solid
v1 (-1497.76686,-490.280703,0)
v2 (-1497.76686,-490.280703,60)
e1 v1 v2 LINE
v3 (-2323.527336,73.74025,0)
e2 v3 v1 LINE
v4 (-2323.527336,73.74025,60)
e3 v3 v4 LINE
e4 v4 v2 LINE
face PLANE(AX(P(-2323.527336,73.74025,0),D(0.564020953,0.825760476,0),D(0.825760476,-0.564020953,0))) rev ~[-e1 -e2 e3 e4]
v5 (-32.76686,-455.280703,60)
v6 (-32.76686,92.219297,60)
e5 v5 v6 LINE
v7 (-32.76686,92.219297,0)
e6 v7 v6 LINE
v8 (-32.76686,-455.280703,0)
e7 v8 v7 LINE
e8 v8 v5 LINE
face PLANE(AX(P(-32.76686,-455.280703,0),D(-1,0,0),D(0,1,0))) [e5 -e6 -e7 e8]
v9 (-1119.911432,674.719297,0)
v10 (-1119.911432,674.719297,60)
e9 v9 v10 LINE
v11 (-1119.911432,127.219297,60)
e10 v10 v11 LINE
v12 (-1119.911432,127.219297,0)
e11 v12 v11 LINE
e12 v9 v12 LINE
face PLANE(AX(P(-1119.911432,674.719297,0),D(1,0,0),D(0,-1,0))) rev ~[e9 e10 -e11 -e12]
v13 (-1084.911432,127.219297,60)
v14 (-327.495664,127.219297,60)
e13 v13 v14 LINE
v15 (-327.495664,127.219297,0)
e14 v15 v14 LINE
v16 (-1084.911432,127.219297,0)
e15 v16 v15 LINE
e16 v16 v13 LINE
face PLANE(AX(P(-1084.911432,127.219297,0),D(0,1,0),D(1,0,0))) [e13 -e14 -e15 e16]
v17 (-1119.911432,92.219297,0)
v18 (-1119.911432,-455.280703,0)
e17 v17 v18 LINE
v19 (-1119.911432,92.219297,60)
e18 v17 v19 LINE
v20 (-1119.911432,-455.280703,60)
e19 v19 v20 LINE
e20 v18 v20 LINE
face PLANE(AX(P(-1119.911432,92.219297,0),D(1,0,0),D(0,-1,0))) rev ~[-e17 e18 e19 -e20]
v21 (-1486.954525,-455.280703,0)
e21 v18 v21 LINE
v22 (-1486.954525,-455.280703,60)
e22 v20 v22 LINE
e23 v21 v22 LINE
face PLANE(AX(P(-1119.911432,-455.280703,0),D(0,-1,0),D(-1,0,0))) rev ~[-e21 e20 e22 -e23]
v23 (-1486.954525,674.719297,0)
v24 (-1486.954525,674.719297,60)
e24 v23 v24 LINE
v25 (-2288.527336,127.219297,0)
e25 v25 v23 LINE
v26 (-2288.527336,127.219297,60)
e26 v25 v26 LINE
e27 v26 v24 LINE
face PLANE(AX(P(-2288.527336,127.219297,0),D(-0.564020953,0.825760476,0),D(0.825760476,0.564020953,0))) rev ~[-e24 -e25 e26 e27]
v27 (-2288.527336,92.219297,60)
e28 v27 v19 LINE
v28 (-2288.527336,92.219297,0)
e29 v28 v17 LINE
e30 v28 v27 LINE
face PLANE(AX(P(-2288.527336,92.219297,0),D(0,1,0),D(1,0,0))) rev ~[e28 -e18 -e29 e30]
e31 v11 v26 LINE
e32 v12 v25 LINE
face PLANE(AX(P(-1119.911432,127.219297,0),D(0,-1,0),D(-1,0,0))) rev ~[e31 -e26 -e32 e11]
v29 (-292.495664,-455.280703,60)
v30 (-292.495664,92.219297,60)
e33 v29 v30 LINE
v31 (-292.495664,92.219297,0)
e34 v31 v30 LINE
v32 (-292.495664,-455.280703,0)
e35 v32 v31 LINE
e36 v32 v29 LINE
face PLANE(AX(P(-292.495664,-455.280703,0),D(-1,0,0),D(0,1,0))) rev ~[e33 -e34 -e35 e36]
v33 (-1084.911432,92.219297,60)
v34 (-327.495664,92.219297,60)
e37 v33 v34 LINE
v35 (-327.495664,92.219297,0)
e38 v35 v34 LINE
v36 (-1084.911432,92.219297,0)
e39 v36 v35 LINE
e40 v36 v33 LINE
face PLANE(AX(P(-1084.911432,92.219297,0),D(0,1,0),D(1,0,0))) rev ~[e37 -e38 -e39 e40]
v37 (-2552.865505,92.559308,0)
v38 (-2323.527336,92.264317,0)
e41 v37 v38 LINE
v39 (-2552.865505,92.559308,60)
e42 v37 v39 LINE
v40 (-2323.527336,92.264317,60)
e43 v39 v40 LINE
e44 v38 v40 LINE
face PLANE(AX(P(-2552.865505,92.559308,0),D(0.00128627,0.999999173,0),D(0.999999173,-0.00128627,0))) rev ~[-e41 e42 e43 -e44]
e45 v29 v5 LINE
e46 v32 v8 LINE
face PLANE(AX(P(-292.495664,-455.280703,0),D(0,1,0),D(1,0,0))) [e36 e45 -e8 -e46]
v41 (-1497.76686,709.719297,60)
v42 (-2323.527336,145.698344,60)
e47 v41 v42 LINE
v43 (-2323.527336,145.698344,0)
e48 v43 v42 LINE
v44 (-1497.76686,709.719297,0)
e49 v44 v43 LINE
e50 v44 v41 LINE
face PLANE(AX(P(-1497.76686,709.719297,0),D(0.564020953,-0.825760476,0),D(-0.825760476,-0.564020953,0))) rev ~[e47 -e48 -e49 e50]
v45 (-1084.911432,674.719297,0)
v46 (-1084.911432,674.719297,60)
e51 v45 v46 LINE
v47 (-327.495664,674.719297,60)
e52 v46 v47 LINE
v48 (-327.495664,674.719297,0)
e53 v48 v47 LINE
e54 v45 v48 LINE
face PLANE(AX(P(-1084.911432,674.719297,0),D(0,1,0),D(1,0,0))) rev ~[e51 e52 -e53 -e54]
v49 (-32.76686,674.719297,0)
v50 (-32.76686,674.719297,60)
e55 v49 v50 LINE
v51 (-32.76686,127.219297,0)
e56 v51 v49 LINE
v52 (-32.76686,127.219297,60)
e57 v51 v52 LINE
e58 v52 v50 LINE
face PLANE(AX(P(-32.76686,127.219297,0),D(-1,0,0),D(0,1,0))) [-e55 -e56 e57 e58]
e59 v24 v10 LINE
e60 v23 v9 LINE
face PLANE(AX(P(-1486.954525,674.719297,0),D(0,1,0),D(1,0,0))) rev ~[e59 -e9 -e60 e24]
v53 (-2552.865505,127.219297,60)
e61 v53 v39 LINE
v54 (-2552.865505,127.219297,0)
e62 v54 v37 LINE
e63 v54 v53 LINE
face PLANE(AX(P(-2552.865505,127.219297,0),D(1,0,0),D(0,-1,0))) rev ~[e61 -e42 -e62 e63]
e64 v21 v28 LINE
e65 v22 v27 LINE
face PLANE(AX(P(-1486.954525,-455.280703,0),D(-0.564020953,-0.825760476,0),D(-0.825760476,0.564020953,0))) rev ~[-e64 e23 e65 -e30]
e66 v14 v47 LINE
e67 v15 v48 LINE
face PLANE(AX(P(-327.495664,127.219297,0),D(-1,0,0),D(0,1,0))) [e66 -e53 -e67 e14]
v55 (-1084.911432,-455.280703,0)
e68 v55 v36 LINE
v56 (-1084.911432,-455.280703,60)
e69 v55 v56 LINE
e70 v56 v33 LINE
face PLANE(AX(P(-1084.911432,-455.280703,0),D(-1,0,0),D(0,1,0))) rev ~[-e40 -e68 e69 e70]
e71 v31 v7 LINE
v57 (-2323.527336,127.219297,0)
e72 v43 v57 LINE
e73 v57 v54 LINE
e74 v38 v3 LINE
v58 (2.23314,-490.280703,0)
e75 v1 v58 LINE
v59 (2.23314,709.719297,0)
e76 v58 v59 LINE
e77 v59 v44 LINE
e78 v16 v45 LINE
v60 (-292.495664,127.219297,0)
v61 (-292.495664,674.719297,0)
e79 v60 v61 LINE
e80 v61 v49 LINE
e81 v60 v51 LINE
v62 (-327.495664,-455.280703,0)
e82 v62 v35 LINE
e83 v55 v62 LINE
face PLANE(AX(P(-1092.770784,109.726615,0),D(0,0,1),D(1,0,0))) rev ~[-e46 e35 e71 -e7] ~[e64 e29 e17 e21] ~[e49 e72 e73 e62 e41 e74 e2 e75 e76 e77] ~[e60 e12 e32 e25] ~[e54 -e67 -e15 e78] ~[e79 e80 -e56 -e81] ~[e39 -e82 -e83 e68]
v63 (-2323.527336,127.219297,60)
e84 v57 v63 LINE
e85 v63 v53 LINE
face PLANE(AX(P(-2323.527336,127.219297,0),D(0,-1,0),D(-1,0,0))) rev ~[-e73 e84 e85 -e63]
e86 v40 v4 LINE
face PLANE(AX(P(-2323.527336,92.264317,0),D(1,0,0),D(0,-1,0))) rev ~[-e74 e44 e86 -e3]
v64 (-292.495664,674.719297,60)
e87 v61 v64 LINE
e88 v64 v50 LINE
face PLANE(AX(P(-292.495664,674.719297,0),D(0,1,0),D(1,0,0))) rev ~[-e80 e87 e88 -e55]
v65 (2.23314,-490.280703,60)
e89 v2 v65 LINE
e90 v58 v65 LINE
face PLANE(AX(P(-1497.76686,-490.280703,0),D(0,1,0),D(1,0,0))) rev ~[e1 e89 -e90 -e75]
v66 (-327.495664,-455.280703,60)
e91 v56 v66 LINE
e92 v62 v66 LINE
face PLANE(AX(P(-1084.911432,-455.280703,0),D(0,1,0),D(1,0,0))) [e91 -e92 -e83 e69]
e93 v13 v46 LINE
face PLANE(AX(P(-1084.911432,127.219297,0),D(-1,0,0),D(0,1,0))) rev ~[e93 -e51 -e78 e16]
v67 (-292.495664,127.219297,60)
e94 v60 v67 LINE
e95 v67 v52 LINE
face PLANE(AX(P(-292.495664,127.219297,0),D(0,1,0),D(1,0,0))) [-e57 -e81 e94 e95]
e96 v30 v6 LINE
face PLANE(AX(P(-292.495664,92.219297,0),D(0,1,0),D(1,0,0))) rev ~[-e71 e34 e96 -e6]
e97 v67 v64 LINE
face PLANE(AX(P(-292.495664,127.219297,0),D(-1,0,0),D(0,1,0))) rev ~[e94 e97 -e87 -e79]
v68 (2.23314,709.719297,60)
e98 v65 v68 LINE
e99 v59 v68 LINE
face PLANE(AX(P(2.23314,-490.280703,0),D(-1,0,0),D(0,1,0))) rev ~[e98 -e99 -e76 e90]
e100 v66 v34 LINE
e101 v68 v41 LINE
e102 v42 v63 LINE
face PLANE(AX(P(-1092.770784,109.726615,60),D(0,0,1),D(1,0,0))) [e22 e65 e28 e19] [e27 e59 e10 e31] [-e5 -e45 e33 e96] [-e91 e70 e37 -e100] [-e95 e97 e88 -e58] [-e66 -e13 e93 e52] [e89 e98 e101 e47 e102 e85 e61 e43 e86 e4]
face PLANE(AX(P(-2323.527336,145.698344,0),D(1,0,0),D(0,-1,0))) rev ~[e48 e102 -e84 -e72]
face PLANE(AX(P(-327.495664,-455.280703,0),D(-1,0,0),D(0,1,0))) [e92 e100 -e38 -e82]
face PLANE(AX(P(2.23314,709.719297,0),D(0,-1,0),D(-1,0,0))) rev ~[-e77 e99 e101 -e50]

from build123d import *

# Parameters (mm, degrees)
F0_W     = 757.415768
F0_H     = 547.5
F0_W_2   = 259.728804
F1_DEPTH = 60


with BuildPart() as f1:
    # F0 (on Top) → F1 (new body)
    with BuildSketch(Plane.XY):
        Polygon((2.23314, -490.280703), (2.23314, 709.719297), (-1497.76686, 709.719297), (-2323.527336, 145.698344), (-2323.527336, 127.219297), (-2552.865505, 127.219297), (-2552.865505, 92.559308), (-2323.527336, 92.264317), (-2323.527336, 73.74025), (-1497.76686, -490.280703), align=None)
        Polygon((-1119.911432, -455.280703), (-1486.954525, -455.280703), (-2288.527336, 92.219297), (-1119.911432, 92.219297), align=None, mode=Mode.SUBTRACT)
        with Locations((-706.203548, -181.530703)):
            Rectangle(F0_W, F0_H, mode=Mode.SUBTRACT)
        with Locations((-162.631262, -181.530703)):
            Rectangle(F0_W_2, F0_H, mode=Mode.SUBTRACT)
        Polygon((-1119.911432, 127.219297), (-2288.527336, 127.219297), (-1486.954525, 674.719297), (-1119.911432, 674.719297), align=None, mode=Mode.SUBTRACT)
        with Locations((-706.203548, 400.969297)):
            Rectangle(F0_W, F0_H, mode=Mode.SUBTRACT)
        with Locations((-162.631262, 400.969297)):
            Rectangle(F0_W_2, F0_H, mode=Mode.SUBTRACT)
    extrude(amount=F1_DEPTH)


solid = f1.part
